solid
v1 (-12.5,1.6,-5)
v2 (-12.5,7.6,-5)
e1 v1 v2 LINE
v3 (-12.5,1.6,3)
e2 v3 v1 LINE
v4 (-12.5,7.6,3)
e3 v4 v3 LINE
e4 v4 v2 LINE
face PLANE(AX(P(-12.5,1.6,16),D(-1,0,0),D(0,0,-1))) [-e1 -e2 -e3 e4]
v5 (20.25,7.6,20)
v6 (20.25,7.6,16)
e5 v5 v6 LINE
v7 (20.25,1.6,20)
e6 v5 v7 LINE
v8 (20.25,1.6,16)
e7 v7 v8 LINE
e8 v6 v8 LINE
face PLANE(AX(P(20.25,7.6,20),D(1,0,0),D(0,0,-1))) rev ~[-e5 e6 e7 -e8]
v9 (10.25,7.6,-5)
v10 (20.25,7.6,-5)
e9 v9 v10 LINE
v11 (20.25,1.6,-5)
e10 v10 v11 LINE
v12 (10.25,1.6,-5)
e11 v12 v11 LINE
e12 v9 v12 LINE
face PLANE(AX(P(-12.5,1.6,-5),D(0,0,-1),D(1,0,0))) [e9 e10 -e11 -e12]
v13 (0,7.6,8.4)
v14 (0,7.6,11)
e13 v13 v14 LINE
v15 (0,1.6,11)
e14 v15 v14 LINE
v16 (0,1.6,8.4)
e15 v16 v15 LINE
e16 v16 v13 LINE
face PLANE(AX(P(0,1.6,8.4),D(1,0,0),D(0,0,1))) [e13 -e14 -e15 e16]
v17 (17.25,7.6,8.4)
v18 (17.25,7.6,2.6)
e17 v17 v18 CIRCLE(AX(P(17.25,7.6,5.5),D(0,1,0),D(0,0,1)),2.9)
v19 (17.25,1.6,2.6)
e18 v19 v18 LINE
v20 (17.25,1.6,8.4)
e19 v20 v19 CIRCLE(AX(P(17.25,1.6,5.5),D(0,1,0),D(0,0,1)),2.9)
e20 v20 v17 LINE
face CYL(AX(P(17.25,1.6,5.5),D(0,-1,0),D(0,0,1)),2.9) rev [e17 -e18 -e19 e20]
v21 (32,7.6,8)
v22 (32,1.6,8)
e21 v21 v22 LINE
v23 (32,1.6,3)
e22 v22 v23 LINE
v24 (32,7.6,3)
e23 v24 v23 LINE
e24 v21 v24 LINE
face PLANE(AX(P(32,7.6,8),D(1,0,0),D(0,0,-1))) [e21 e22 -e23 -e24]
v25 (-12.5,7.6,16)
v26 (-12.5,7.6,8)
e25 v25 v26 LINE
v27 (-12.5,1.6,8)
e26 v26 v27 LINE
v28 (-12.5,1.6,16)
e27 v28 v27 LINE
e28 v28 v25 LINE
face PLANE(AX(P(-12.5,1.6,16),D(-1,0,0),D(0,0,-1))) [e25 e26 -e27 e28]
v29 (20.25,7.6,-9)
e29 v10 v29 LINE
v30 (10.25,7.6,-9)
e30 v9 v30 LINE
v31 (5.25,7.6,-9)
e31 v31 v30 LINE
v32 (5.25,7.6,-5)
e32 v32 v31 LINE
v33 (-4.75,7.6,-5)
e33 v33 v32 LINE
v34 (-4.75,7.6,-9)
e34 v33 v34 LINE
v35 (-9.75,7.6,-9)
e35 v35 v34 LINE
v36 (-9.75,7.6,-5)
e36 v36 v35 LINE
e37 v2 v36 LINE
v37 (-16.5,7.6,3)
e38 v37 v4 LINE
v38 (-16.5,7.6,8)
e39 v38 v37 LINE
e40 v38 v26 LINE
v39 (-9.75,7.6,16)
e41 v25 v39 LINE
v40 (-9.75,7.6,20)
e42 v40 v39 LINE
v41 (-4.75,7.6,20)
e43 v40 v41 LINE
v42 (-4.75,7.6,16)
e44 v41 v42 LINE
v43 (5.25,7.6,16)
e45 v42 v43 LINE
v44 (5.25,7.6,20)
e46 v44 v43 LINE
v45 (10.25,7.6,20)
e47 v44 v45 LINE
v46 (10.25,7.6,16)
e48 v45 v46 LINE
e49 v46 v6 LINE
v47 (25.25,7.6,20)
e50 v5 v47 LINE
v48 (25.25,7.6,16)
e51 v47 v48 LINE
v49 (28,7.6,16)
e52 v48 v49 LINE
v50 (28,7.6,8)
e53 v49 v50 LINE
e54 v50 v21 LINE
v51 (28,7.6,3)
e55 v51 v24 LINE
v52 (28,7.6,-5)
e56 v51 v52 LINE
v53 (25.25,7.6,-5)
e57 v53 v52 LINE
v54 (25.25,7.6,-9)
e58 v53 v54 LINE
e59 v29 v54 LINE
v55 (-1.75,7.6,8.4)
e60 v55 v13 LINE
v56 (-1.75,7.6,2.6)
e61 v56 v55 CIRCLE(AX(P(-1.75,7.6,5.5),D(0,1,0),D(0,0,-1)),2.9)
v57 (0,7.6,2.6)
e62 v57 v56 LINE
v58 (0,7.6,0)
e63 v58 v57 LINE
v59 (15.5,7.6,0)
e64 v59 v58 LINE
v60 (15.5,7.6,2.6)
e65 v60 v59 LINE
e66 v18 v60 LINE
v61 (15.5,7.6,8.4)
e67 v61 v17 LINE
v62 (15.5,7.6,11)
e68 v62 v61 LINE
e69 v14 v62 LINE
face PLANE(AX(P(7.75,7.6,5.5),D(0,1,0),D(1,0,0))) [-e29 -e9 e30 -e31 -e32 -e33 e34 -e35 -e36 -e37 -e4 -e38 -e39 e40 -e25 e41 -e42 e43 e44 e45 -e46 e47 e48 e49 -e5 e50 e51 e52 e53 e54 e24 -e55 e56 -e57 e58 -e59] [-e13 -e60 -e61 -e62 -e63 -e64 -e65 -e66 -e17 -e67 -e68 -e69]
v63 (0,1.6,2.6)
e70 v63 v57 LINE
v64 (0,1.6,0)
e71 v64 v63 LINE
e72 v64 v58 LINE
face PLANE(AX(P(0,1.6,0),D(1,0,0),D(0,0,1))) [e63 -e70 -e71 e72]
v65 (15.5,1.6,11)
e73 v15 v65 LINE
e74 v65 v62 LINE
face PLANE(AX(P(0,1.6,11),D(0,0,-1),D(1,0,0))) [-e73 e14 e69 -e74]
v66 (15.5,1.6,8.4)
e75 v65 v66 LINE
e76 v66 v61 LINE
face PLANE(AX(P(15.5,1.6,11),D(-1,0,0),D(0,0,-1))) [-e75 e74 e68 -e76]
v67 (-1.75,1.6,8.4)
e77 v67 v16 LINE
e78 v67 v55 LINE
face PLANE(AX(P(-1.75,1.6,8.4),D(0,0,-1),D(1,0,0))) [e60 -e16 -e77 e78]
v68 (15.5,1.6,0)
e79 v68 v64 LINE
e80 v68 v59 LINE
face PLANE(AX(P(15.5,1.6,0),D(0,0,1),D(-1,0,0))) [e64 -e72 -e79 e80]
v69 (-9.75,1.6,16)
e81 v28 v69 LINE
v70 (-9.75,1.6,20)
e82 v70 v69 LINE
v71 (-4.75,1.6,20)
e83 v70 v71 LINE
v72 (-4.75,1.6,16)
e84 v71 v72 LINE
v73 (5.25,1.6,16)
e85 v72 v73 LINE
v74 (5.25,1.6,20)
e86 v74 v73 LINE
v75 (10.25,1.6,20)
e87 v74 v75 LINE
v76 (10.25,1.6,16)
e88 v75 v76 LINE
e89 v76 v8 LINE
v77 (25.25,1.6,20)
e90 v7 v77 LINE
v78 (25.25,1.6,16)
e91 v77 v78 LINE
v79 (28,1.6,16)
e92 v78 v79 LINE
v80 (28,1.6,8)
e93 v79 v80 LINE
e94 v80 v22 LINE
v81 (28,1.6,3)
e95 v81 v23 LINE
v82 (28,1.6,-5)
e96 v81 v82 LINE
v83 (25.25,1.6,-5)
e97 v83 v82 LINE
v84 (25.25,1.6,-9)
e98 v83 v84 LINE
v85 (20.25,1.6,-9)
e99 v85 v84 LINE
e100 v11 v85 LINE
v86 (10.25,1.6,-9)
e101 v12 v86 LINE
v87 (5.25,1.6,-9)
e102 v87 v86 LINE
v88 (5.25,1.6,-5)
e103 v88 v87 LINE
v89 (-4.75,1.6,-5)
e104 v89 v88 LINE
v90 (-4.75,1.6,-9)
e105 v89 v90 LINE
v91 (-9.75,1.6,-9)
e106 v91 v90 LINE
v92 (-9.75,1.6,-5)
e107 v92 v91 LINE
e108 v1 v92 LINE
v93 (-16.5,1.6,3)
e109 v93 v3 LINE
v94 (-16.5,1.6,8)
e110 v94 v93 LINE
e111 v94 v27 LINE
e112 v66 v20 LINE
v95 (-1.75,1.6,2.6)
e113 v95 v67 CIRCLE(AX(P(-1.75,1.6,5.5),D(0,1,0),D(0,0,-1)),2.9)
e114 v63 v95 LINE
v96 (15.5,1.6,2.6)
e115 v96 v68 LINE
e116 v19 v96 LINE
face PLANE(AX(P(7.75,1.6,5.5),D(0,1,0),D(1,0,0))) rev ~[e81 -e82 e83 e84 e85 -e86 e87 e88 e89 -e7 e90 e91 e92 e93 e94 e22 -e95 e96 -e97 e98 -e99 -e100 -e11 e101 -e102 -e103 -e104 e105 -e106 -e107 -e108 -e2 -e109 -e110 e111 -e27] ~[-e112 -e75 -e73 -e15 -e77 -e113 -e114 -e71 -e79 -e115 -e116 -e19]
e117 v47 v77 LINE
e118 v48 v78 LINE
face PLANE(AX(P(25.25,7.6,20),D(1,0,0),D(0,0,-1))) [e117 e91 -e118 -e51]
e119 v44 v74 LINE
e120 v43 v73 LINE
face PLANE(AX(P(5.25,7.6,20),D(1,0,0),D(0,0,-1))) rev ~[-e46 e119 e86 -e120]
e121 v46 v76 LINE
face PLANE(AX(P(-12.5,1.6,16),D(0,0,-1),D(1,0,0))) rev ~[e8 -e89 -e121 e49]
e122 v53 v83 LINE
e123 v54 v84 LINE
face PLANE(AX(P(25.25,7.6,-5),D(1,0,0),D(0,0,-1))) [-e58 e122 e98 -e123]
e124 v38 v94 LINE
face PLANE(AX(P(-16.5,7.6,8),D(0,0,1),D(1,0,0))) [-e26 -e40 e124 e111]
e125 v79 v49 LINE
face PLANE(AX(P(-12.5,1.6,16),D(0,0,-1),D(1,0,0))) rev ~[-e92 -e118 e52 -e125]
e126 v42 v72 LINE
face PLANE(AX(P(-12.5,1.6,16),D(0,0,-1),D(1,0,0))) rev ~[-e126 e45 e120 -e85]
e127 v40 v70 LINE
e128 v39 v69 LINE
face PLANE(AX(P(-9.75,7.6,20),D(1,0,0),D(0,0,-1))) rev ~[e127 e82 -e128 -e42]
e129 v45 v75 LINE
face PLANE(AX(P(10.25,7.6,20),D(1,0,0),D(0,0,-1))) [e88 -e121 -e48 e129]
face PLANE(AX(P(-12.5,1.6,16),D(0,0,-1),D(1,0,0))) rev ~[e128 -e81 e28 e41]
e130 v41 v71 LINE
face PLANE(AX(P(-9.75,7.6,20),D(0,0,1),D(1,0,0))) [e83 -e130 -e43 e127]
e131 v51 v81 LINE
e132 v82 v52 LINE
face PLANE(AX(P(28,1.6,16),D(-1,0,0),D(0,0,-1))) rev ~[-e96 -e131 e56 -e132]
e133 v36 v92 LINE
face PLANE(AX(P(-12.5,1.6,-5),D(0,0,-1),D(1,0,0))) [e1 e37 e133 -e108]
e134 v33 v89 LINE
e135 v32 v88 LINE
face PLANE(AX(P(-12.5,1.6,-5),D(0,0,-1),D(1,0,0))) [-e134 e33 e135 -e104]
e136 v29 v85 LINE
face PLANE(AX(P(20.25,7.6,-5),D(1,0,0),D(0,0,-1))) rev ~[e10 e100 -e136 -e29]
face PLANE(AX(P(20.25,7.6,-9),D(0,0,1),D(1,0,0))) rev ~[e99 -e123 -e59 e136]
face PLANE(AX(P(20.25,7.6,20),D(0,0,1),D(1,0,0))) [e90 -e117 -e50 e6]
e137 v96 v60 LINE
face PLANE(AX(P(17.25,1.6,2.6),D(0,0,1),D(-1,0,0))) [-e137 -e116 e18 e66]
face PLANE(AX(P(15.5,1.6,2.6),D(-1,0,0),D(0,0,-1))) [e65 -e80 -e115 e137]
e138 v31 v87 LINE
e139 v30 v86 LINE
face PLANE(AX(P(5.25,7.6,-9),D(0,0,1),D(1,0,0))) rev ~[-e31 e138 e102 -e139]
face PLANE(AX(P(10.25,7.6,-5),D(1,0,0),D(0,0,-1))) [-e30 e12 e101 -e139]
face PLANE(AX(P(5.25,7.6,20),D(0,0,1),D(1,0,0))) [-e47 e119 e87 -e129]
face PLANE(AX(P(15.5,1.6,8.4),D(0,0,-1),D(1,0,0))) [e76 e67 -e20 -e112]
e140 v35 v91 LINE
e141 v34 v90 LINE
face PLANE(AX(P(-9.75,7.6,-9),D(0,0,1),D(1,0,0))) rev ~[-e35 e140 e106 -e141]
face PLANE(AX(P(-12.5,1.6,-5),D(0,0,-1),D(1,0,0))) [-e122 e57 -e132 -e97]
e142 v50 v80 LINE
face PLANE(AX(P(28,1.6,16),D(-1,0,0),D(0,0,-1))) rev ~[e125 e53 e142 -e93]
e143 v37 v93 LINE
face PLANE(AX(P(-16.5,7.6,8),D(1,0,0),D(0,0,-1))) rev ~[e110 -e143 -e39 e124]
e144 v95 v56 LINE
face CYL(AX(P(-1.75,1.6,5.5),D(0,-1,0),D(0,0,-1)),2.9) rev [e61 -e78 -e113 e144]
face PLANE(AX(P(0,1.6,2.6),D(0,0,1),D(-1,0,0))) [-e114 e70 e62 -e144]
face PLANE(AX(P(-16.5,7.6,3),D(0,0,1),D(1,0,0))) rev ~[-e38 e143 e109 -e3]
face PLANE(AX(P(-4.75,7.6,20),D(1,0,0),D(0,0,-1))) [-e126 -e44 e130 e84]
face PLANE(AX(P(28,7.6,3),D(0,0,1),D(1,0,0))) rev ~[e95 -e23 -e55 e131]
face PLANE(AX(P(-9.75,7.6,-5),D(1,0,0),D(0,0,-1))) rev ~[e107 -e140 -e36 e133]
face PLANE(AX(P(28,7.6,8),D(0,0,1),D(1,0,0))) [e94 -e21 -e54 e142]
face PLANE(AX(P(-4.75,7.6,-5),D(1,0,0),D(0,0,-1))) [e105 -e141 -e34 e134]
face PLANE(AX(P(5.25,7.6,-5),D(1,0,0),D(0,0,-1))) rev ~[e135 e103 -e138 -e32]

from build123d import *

# Parameters (mm, degrees)
SKETCH1_W           = 15.5
SKETCH1_H           = 11
BOSS_EXTRUDE1_DEPTH = 1.6
BOSS_EXTRUDE2_DEPTH = 1.6
SKETCH3_W           = 40.5
SKETCH3_H           = 21
BOSS_EXTRUDE3_DEPTH = 6
CUT_EXTRUDE1_DEPTH  = 2.6
SKETCH5_W           = 5
SKETCH5_H           = 4
BOSS_EXTRUDE4_DEPTH = 6
LPATTERN1_COUNT     = 2
LPATTERN1_PITCH     = 15
LPATTERN1_COL_COUNT = 2
LPATTERN1_COL_PITCH = 15
SKETCH6_W           = 4
SKETCH6_H           = 5
BOSS_EXTRUDE5_DEPTH = 6


with BuildPart() as part:
    # Sketch1 → Boss-Extrude1 (new body)
    with BuildSketch(Plane(origin=(0, 0, 0), x_dir=(1, 0, 0), z_dir=(0, 1, 0))):
        with Locations((7.75, -5.5)):
            Rectangle(SKETCH1_W, SKETCH1_H)
    extrude(amount=BOSS_EXTRUDE1_DEPTH)

    # Sketch2 → Boss-Extrude2 (add, through all)
    with BuildSketch(Plane(origin=(0, 1.6, 0), x_dir=(1, 0, 0), z_dir=(0, 1, 0))):
        with BuildLine():
            Line((-1.75, -4), (-1.75, -2.6))
            ThreePointArc((-1.75, -2.6), (-4.65, -5.5), (-1.75, -8.4))
            Line((-1.75, -8.4), (-1.75, -7))
            ThreePointArc((-1.75, -7), (-3.25, -5.5), (-1.75, -4))
        make_face()
        with BuildLine():
            ThreePointArc((0, -3.187533784), (-0.827002716, -2.750804479), (-1.75, -2.6))
            Line((-1.75, -2.6), (-1.75, -4))
            ThreePointArc((-1.75, -4), (-0.689339828, -4.439339828), (-0.25, -5.5))
            ThreePointArc((-0.25, -5.5), (-0.689339828, -6.560660172), (-1.75, -7))
            Line((-1.75, -7), (-1.75, -8.4))
            ThreePointArc((-1.75, -8.4), (-0.827002716, -8.249195521), (0, -7.812466216))
            Line((0, -7.812466216), (0, -3.187533784))
        make_face()
        with BuildLine():
            Line((0, -2.6), (-1.75, -2.6))
            ThreePointArc((-1.75, -2.6), (-0.827002716, -2.750804479), (0, -3.187533784))
            Line((0, -3.187533784), (0, -2.6))
        make_face()
        with BuildLine():
            ThreePointArc((0, -7.812466216), (-0.827002716, -8.249195521), (-1.75, -8.4))
            Line((-1.75, -8.4), (0, -8.4))
            Line((0, -8.4), (0, -7.812466216))
        make_face()
        with BuildLine():
            ThreePointArc((20.15, -5.5), (19.300609665, -3.449390335), (17.25, -2.6))
            Line((17.25, -2.6), (17.25, -4))
            ThreePointArc((17.25, -4), (18.310660172, -4.439339828), (18.75, -5.5))
            ThreePointArc((18.75, -5.5), (18.310660172, -6.560660172), (17.25, -7))
            Line((17.25, -7), (17.25, -8.4))
            ThreePointArc((17.25, -8.4), (19.300609665, -7.550609665), (20.15, -5.5))
        make_face()
        with BuildLine():
            Line((17.25, -4), (17.25, -2.6))
            ThreePointArc((17.25, -2.6), (16.327002716, -2.750804479), (15.5, -3.187533784))
            Line((15.5, -3.187533784), (15.5, -7.812466216))
            ThreePointArc((15.5, -7.812466216), (16.327002716, -8.249195521), (17.25, -8.4))
            Line((17.25, -8.4), (17.25, -7))
            ThreePointArc((17.25, -7), (15.75, -5.5), (17.25, -4))
        make_face()
        with BuildLine():
            Line((17.25, -2.6), (15.5, -2.6))
            Line((15.5, -2.6), (15.5, -3.187533784))
            ThreePointArc((15.5, -3.187533784), (16.327002716, -2.750804479), (17.25, -2.6))
        make_face()
        with BuildLine():
            Line((15.5, -7.812466216), (15.5, -8.4))
            Line((15.5, -8.4), (17.25, -8.4))
            ThreePointArc((17.25, -8.4), (16.327002716, -8.249195521), (15.5, -7.812466216))
        make_face()
    extrude(amount=-BOSS_EXTRUDE2_DEPTH)

    # Sketch4 → Cut-Extrude1 (cut, through all)
    with BuildSketch(Plane(origin=(0, 1.6, 0), x_dir=(1, 0, 0), z_dir=(0, 1, 0))):
        with BuildLine():
            Line((0, 0), (0, -2.6))
            Line((0, -2.6), (-1.75, -2.6))
            ThreePointArc((-1.75, -2.6), (-4.65, -5.5), (-1.75, -8.4))
            Line((-1.75, -8.4), (0, -8.4))
            Line((0, -8.4), (0, -11))
            Line((0, -11), (15.5, -11))
            Line((15.5, -11), (15.5, -8.4))
            Line((15.5, -8.4), (17.25, -8.4))
            ThreePointArc((17.25, -8.4), (20.15, -5.5), (17.25, -2.6))
            Line((17.25, -2.6), (15.5, -2.6))
            Line((15.5, -2.6), (15.5, 0))
            Line((15.5, 0), (0, 0))
        make_face()
    extrude(amount=-CUT_EXTRUDE1_DEPTH, mode=Mode.SUBTRACT)


with BuildPart() as body_2:
    # Sketch3 → Boss-Extrude3 (new body)
    with BuildSketch(Plane(origin=(0, 1.6, 0), x_dir=(1, 0, 0), z_dir=(0, 1, 0))):
        with Locations((7.75, -5.5)):
            Rectangle(SKETCH3_W, SKETCH3_H)
        with BuildLine():
            Line((0, 0), (0, -2.6))
            Line((0, -2.6), (-1.75, -2.6))
            ThreePointArc((-1.75, -2.6), (-4.65, -5.5), (-1.75, -8.4))
            Line((-1.75, -8.4), (0, -8.4))
            Line((0, -8.4), (0, -11))
            Line((0, -11), (15.5, -11))
            Line((15.5, -11), (15.5, -8.4))
            Line((15.5, -8.4), (17.25, -8.4))
            ThreePointArc((17.25, -8.4), (20.15, -5.5), (17.25, -2.6))
            Line((17.25, -2.6), (15.5, -2.6))
            Line((15.5, -2.6), (15.5, 0))
            Line((15.5, 0), (0, 0))
        make_face(mode=Mode.SUBTRACT)
    extrude(amount=BOSS_EXTRUDE3_DEPTH)

    # Sketch5 → Boss-Extrude4 (add, through all)
    with BuildSketch(Plane(origin=(0, 7.6, 0), x_dir=(1, 0, 0), z_dir=(0, 1, 0))):
        with Locations((7.75, 7)):
            Rectangle(SKETCH5_W, SKETCH5_H)
        with Locations((7.75, -18)):
            Rectangle(SKETCH5_W, SKETCH5_H)
    boss_extrude4 = extrude(amount=-BOSS_EXTRUDE4_DEPTH)

    # LPattern1: Boss-Extrude4 ×2
    with Locations(*[(i * LPATTERN1_PITCH, 0, 0) for i in range(1, LPATTERN1_COUNT)]):
        add(boss_extrude4)

    # LPattern1 col: Boss-Extrude4 ×2
    with Locations(*[(-i * LPATTERN1_COL_PITCH, 0, 0) for i in range(1, LPATTERN1_COL_COUNT)]):
        add(boss_extrude4)

    # Sketch6 → Boss-Extrude5 (add, through all)
    with BuildSketch(Plane(origin=(0, 7.6, 0), x_dir=(1, 0, 0), z_dir=(0, 1, 0))):
        with Locations((-14.5, -5.5)):
            Rectangle(SKETCH6_W, SKETCH6_H)
        with Locations((30, -5.5)):
            Rectangle(SKETCH6_W, SKETCH6_H)
    extrude(amount=-BOSS_EXTRUDE5_DEPTH)


solid = body_2.part
